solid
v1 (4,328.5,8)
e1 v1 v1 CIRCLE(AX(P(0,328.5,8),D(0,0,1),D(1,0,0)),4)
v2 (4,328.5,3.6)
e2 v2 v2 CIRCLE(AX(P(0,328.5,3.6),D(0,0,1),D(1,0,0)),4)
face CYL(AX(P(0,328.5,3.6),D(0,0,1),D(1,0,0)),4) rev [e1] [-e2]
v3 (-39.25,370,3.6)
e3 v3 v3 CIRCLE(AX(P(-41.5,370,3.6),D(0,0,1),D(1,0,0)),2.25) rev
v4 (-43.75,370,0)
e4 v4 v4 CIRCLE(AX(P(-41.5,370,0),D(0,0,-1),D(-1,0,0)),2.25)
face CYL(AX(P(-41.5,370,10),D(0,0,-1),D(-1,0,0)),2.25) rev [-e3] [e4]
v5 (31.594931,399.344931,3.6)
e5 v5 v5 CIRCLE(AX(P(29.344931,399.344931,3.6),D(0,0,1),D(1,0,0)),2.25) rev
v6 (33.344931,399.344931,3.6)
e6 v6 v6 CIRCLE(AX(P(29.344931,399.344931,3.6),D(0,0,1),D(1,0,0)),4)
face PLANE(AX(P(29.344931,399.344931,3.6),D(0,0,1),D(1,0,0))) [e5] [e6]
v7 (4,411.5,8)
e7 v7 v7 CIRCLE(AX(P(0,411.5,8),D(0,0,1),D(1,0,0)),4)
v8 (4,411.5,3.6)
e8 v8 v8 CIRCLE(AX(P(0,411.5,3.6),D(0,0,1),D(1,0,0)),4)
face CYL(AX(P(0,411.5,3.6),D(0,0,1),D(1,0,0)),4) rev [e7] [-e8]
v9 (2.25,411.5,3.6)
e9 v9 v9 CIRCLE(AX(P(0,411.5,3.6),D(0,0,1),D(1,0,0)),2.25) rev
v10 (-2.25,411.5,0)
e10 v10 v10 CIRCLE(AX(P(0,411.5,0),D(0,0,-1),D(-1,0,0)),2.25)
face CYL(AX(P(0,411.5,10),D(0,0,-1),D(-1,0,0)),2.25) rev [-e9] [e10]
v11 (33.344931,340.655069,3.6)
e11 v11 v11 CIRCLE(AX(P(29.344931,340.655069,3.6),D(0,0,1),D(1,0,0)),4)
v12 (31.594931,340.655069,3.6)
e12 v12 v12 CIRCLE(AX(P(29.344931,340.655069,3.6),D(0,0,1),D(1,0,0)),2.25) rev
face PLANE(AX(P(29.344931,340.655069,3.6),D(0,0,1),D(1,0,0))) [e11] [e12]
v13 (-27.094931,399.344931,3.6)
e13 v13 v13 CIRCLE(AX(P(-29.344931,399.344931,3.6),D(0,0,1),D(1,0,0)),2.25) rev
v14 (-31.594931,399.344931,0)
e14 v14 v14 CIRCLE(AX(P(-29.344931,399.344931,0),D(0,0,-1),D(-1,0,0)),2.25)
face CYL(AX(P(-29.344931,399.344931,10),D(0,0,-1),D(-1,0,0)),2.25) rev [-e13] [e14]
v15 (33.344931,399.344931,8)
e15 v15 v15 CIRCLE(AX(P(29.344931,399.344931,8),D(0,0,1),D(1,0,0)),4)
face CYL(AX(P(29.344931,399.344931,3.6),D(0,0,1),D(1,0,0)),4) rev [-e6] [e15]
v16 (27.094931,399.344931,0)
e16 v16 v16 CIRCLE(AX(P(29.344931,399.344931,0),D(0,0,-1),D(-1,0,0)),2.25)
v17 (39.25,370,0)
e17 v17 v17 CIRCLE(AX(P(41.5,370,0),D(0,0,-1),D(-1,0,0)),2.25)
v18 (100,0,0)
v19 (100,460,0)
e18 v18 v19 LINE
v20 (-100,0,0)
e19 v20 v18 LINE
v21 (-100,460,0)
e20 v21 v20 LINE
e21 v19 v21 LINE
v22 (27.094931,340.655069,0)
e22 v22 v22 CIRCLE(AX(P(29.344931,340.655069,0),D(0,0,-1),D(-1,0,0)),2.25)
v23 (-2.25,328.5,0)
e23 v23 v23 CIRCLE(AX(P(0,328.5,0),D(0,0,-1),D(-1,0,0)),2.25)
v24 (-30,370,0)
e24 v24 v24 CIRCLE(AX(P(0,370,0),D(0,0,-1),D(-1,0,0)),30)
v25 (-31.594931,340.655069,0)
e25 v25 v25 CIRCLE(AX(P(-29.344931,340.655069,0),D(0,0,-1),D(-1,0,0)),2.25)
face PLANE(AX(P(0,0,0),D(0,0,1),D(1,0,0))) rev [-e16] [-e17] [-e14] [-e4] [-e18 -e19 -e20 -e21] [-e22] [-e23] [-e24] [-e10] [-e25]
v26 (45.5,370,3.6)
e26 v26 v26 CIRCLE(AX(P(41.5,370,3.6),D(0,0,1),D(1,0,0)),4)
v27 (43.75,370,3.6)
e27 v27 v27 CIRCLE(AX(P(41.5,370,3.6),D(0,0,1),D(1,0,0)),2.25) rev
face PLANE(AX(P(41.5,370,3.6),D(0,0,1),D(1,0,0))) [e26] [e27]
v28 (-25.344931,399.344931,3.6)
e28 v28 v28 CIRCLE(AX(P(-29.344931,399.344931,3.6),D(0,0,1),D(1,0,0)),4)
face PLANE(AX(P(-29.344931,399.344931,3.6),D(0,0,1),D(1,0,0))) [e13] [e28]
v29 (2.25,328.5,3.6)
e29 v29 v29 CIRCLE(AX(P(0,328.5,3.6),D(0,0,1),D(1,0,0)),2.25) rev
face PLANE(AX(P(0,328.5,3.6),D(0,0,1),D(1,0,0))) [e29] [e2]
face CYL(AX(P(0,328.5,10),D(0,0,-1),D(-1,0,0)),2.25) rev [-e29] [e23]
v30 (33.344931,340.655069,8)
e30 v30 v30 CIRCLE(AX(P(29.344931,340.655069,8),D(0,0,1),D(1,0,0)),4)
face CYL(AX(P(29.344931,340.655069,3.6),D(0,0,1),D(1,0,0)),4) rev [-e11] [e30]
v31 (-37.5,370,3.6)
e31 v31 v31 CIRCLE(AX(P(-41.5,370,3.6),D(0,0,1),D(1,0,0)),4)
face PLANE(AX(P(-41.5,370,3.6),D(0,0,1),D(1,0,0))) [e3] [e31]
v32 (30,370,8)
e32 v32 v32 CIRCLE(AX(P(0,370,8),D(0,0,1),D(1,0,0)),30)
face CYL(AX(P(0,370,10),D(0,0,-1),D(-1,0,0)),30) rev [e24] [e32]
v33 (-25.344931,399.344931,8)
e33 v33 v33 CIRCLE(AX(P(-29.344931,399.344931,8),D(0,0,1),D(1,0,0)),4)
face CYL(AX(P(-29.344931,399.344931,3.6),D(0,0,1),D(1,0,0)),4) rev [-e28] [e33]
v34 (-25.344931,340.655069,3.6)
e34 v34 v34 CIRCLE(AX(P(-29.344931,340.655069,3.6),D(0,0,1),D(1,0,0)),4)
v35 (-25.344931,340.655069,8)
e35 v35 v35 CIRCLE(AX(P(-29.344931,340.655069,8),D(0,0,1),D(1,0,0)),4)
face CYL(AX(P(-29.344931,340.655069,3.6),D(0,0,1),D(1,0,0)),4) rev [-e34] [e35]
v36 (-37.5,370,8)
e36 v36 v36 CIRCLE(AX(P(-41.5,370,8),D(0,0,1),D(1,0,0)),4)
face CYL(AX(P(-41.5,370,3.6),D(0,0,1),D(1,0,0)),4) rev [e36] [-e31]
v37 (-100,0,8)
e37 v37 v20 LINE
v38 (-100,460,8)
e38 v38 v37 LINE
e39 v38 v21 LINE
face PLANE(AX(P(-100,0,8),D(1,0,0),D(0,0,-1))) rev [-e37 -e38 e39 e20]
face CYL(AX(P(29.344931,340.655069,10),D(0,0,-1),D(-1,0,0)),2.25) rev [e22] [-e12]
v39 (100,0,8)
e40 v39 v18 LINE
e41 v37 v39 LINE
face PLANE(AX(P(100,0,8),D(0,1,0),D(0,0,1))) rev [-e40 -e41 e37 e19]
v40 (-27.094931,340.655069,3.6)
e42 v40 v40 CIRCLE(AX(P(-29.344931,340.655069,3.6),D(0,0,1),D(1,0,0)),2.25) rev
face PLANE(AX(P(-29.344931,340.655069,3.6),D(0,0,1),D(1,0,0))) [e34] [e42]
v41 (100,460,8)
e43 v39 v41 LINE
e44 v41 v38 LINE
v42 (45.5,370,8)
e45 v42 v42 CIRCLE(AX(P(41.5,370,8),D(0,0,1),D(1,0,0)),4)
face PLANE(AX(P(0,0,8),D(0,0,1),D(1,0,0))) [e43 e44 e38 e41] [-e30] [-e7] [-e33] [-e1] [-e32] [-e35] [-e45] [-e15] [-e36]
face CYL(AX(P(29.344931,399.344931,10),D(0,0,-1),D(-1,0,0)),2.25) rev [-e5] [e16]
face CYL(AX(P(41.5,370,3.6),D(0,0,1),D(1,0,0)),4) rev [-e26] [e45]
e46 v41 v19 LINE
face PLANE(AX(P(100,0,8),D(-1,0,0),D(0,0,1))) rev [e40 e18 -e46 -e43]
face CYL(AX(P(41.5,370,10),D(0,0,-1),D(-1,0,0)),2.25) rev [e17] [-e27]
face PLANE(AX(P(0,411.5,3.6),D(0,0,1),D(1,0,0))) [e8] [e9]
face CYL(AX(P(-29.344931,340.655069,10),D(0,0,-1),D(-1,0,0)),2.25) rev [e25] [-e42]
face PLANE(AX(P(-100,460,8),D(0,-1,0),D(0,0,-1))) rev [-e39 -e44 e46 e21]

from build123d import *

# Parameters (mm, degrees)
SKETCH_1_W          = 200
SKETCH_1_H          = 460
EXTRUDE_1_DEPTH     = 8
SKETCH_2_R          = 30
CUT_EXTRUDE_1_DEPTH = 10
SKETCH_3_R          = 2.25
CUT_EXTRUDE_2_DEPTH = 10
SKETCH_4_R          = 4
CUT_EXTRUDE_3_DEPTH = 4.4


with BuildPart() as part:
    # 草图1 → 凸台-拉伸1 (new body)
    with BuildSketch(Plane.XY):
        with Locations((0, 230)):
            Rectangle(SKETCH_1_W, SKETCH_1_H)
    extrude(amount=EXTRUDE_1_DEPTH)

    # 草图2 → 切除-拉伸1 (cut)
    with BuildSketch(Plane(origin=(0, 0, 0), x_dir=(-1, 0, 0), z_dir=(0, 0, -1))):
        with Locations((0, 370)):
            Circle(SKETCH_2_R)
    extrude(amount=-CUT_EXTRUDE_1_DEPTH, mode=Mode.SUBTRACT)

    # 草图3 → 切除-拉伸2 (cut)
    with BuildSketch(Plane(origin=(0, 0, 0), x_dir=(-1, 0, 0), z_dir=(0, 0, -1))):
        with Locations((0, 411.5)):
            Circle(SKETCH_3_R)
        with Locations((29.344931419, 399.344931419)):
            Circle(SKETCH_3_R)
        with Locations((41.5, 370)):
            Circle(SKETCH_3_R)
        with Locations((29.344931419, 340.655068581)):
            Circle(SKETCH_3_R)
        with Locations((0, 328.5)):
            Circle(SKETCH_3_R)
        with Locations((-29.344931419, 340.655068581)):
            Circle(SKETCH_3_R)
        with Locations((-41.5, 370)):
            Circle(SKETCH_3_R)
        with Locations((-29.344931419, 399.344931419)):
            Circle(SKETCH_3_R)
    extrude(amount=-CUT_EXTRUDE_2_DEPTH, mode=Mode.SUBTRACT)

    # 草图4 → 切除-拉伸3 (cut)
    with BuildSketch(Plane.XY.offset(8)):
        with Locations((29.344931419, 399.344931419)):
            Circle(SKETCH_4_R)
        with Locations((41.5, 370)):
            Circle(SKETCH_4_R)
        with Locations((29.344931419, 340.655068581)):
            Circle(SKETCH_4_R)
        with Locations((0, 328.5)):
            Circle(SKETCH_4_R)
        with Locations((-29.344931419, 340.655068581)):
            Circle(SKETCH_4_R)
        with Locations((-41.5, 370)):
            Circle(SKETCH_4_R)
        with Locations((-29.344931419, 399.344931419)):
            Circle(SKETCH_4_R)
        with Locations((0, 411.5)):
            Circle(SKETCH_4_R)
    extrude(amount=-CUT_EXTRUDE_3_DEPTH, mode=Mode.SUBTRACT)


solid = part.part
